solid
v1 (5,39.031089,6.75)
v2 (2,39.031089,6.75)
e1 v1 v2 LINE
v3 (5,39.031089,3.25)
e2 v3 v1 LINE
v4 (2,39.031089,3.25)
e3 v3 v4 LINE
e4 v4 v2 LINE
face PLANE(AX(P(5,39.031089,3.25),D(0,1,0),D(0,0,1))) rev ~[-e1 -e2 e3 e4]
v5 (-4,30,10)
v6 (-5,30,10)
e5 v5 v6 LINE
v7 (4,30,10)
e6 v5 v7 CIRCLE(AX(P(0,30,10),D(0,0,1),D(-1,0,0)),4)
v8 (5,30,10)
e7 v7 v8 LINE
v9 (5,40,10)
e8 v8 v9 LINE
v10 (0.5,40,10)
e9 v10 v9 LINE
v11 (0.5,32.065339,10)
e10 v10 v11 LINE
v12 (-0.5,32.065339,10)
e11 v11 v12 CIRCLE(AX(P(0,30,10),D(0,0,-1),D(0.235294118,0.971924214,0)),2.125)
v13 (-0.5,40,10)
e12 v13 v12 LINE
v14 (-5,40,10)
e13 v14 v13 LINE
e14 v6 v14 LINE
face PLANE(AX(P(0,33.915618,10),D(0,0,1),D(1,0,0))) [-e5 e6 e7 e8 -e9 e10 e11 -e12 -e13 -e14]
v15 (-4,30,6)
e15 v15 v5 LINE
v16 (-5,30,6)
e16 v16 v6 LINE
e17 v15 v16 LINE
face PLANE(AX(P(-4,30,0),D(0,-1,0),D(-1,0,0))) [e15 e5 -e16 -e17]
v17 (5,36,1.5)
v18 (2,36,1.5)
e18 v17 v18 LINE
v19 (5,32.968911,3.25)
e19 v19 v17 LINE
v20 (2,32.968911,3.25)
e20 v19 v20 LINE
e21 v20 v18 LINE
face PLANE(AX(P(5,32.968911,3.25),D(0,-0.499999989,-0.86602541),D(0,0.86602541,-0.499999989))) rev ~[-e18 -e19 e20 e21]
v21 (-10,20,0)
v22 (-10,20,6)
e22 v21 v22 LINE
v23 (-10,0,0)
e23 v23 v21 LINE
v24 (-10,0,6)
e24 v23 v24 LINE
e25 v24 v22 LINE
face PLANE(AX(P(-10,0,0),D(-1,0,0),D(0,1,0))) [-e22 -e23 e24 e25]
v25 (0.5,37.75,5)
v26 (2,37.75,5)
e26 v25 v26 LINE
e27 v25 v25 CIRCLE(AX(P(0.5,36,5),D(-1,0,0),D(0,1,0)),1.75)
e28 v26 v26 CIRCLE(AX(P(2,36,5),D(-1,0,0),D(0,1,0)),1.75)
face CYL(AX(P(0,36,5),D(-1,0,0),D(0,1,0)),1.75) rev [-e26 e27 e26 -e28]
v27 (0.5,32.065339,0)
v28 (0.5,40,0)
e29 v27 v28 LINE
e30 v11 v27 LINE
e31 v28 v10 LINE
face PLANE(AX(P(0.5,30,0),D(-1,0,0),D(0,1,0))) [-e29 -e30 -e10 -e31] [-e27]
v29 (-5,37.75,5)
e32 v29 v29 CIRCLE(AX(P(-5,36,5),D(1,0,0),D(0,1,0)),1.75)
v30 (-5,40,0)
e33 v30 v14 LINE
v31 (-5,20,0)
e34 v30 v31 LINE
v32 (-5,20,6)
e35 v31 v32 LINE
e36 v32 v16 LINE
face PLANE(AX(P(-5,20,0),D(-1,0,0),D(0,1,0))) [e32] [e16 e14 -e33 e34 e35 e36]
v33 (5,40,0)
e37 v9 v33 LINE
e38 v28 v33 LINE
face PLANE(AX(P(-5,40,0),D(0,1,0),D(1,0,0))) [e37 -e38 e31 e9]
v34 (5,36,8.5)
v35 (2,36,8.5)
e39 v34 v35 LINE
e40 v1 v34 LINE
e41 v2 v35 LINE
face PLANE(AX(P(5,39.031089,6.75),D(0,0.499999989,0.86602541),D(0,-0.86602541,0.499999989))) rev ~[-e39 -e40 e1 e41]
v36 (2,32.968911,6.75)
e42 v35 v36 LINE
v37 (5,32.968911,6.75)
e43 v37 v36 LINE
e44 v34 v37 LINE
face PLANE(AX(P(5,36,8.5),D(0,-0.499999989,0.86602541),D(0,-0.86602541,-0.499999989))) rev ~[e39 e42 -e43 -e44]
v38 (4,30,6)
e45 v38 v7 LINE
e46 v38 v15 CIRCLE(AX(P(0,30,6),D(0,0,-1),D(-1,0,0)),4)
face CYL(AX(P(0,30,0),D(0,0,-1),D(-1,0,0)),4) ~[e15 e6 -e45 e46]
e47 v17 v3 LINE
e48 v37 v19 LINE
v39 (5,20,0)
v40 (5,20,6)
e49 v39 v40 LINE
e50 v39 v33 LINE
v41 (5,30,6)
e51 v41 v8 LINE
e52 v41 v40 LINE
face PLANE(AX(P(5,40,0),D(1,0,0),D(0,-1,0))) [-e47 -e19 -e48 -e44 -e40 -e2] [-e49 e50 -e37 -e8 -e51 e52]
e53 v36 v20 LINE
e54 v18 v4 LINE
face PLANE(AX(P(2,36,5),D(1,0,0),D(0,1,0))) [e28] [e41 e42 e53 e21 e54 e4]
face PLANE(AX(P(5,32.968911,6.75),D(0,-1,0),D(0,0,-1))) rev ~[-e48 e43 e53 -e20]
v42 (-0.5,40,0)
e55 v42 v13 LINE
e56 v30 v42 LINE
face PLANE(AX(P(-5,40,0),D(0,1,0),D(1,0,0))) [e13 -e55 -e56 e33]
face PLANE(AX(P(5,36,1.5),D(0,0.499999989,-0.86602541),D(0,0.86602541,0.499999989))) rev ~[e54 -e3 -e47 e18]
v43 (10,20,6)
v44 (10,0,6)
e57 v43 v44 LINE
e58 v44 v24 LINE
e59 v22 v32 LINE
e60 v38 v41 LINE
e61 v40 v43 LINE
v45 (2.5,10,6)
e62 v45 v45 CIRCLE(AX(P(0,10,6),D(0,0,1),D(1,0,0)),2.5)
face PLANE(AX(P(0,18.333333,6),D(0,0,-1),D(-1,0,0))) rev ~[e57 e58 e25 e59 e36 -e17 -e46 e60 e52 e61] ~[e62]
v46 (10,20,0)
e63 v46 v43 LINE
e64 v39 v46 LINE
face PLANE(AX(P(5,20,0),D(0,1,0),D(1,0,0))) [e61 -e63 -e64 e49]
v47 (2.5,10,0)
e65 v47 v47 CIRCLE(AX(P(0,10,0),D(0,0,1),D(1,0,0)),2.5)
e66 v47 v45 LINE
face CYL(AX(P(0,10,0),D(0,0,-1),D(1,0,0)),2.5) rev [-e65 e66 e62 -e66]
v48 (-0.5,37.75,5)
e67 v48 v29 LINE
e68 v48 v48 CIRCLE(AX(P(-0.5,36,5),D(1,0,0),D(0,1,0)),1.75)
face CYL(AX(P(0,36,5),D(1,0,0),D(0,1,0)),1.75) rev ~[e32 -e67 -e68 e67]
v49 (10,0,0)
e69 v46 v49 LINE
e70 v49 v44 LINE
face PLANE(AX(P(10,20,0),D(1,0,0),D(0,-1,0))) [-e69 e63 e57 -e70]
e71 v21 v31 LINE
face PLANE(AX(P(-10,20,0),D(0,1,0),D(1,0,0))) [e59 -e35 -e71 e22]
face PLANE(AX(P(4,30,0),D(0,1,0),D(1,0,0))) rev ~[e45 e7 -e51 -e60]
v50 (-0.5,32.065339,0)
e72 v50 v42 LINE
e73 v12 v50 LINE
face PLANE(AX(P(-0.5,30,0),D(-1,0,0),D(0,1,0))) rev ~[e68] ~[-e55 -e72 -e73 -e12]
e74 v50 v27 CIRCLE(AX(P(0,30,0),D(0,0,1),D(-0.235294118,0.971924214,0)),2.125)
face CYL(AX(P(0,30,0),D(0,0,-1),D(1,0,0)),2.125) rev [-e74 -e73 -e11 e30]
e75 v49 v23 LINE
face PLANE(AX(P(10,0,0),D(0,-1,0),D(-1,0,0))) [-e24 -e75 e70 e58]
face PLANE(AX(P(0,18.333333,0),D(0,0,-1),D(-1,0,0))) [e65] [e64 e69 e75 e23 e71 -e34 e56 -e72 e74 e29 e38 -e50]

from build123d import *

# Parameters (mm, degrees)
SKETCH_R             = 2.125
SKETCH_R_2           = 2.5
PAD_DEPTH            = 6
SKETCH001_R          = 2.125
PAD001_DEPTH         = 10
SKETCH002_W          = 1
SKETCH002_H          = 20
POCKET_DEPTH         = 10.001
SKETCH003_R          = 1.75
POCKET001_DEPTH      = 10.001
POCKET001_DEPTH_BACK = -10.001
POCKET002_DEPTH      = 3


with BuildPart() as part:
    # Sketch → Pad (new body)
    with BuildSketch(Plane.XY):
        Polygon((-5, 40), (5, 40), (5, 20), (10, 20), (10, 0), (-10, 0), (-10, 20), (-5, 20), align=None)
        with Locations((0, 30)):
            Circle(SKETCH_R, mode=Mode.SUBTRACT)
        with Locations((0, 10)):
            Circle(SKETCH_R_2, mode=Mode.SUBTRACT)
    extrude(amount=PAD_DEPTH)

    # Sketch001 → Pad001 (join)
    with BuildSketch(Plane.XY):
        with BuildLine():
            ThreePointArc((-4, 30), (0, 26), (4, 30))
            Line((4, 30), (5, 30))
            Line((5, 30), (5, 40))
            Line((-5, 40), (5, 40))
            Line((-5, 30), (-5, 40))
            Line((-4, 30), (-5, 30))
        make_face()
        with Locations((0, 30)):
            Circle(SKETCH001_R, mode=Mode.SUBTRACT)
    extrude(amount=PAD001_DEPTH)

    # Sketch002 → Pocket (cut, through all)
    with BuildSketch(Plane.XY):
        with Locations((0, 40)):
            Rectangle(SKETCH002_W, SKETCH002_H)
    extrude(amount=POCKET_DEPTH, mode=Mode.SUBTRACT)

    # Sketch003 → Pocket001 (cut, two sides)
    with BuildSketch(Plane.YZ) as pocket001_sk:
        with Locations((36, 5)):
            Circle(SKETCH003_R)
    extrude(amount=-POCKET001_DEPTH, mode=Mode.SUBTRACT)
    extrude(pocket001_sk.sketch, amount=-POCKET001_DEPTH_BACK, mode=Mode.SUBTRACT)

    # Sketch004 (on Face14 of Pocket001) → Pocket002 (cut)
    with BuildSketch(Plane.YZ.offset(5)):
        Polygon((39.031089, 3.25), (39.031089, 6.75), (36, 8.5), (32.968911, 6.75), (32.968911, 3.25), (36, 1.5), align=None)
    extrude(amount=-POCKET002_DEPTH, mode=Mode.SUBTRACT)


solid = part.part
